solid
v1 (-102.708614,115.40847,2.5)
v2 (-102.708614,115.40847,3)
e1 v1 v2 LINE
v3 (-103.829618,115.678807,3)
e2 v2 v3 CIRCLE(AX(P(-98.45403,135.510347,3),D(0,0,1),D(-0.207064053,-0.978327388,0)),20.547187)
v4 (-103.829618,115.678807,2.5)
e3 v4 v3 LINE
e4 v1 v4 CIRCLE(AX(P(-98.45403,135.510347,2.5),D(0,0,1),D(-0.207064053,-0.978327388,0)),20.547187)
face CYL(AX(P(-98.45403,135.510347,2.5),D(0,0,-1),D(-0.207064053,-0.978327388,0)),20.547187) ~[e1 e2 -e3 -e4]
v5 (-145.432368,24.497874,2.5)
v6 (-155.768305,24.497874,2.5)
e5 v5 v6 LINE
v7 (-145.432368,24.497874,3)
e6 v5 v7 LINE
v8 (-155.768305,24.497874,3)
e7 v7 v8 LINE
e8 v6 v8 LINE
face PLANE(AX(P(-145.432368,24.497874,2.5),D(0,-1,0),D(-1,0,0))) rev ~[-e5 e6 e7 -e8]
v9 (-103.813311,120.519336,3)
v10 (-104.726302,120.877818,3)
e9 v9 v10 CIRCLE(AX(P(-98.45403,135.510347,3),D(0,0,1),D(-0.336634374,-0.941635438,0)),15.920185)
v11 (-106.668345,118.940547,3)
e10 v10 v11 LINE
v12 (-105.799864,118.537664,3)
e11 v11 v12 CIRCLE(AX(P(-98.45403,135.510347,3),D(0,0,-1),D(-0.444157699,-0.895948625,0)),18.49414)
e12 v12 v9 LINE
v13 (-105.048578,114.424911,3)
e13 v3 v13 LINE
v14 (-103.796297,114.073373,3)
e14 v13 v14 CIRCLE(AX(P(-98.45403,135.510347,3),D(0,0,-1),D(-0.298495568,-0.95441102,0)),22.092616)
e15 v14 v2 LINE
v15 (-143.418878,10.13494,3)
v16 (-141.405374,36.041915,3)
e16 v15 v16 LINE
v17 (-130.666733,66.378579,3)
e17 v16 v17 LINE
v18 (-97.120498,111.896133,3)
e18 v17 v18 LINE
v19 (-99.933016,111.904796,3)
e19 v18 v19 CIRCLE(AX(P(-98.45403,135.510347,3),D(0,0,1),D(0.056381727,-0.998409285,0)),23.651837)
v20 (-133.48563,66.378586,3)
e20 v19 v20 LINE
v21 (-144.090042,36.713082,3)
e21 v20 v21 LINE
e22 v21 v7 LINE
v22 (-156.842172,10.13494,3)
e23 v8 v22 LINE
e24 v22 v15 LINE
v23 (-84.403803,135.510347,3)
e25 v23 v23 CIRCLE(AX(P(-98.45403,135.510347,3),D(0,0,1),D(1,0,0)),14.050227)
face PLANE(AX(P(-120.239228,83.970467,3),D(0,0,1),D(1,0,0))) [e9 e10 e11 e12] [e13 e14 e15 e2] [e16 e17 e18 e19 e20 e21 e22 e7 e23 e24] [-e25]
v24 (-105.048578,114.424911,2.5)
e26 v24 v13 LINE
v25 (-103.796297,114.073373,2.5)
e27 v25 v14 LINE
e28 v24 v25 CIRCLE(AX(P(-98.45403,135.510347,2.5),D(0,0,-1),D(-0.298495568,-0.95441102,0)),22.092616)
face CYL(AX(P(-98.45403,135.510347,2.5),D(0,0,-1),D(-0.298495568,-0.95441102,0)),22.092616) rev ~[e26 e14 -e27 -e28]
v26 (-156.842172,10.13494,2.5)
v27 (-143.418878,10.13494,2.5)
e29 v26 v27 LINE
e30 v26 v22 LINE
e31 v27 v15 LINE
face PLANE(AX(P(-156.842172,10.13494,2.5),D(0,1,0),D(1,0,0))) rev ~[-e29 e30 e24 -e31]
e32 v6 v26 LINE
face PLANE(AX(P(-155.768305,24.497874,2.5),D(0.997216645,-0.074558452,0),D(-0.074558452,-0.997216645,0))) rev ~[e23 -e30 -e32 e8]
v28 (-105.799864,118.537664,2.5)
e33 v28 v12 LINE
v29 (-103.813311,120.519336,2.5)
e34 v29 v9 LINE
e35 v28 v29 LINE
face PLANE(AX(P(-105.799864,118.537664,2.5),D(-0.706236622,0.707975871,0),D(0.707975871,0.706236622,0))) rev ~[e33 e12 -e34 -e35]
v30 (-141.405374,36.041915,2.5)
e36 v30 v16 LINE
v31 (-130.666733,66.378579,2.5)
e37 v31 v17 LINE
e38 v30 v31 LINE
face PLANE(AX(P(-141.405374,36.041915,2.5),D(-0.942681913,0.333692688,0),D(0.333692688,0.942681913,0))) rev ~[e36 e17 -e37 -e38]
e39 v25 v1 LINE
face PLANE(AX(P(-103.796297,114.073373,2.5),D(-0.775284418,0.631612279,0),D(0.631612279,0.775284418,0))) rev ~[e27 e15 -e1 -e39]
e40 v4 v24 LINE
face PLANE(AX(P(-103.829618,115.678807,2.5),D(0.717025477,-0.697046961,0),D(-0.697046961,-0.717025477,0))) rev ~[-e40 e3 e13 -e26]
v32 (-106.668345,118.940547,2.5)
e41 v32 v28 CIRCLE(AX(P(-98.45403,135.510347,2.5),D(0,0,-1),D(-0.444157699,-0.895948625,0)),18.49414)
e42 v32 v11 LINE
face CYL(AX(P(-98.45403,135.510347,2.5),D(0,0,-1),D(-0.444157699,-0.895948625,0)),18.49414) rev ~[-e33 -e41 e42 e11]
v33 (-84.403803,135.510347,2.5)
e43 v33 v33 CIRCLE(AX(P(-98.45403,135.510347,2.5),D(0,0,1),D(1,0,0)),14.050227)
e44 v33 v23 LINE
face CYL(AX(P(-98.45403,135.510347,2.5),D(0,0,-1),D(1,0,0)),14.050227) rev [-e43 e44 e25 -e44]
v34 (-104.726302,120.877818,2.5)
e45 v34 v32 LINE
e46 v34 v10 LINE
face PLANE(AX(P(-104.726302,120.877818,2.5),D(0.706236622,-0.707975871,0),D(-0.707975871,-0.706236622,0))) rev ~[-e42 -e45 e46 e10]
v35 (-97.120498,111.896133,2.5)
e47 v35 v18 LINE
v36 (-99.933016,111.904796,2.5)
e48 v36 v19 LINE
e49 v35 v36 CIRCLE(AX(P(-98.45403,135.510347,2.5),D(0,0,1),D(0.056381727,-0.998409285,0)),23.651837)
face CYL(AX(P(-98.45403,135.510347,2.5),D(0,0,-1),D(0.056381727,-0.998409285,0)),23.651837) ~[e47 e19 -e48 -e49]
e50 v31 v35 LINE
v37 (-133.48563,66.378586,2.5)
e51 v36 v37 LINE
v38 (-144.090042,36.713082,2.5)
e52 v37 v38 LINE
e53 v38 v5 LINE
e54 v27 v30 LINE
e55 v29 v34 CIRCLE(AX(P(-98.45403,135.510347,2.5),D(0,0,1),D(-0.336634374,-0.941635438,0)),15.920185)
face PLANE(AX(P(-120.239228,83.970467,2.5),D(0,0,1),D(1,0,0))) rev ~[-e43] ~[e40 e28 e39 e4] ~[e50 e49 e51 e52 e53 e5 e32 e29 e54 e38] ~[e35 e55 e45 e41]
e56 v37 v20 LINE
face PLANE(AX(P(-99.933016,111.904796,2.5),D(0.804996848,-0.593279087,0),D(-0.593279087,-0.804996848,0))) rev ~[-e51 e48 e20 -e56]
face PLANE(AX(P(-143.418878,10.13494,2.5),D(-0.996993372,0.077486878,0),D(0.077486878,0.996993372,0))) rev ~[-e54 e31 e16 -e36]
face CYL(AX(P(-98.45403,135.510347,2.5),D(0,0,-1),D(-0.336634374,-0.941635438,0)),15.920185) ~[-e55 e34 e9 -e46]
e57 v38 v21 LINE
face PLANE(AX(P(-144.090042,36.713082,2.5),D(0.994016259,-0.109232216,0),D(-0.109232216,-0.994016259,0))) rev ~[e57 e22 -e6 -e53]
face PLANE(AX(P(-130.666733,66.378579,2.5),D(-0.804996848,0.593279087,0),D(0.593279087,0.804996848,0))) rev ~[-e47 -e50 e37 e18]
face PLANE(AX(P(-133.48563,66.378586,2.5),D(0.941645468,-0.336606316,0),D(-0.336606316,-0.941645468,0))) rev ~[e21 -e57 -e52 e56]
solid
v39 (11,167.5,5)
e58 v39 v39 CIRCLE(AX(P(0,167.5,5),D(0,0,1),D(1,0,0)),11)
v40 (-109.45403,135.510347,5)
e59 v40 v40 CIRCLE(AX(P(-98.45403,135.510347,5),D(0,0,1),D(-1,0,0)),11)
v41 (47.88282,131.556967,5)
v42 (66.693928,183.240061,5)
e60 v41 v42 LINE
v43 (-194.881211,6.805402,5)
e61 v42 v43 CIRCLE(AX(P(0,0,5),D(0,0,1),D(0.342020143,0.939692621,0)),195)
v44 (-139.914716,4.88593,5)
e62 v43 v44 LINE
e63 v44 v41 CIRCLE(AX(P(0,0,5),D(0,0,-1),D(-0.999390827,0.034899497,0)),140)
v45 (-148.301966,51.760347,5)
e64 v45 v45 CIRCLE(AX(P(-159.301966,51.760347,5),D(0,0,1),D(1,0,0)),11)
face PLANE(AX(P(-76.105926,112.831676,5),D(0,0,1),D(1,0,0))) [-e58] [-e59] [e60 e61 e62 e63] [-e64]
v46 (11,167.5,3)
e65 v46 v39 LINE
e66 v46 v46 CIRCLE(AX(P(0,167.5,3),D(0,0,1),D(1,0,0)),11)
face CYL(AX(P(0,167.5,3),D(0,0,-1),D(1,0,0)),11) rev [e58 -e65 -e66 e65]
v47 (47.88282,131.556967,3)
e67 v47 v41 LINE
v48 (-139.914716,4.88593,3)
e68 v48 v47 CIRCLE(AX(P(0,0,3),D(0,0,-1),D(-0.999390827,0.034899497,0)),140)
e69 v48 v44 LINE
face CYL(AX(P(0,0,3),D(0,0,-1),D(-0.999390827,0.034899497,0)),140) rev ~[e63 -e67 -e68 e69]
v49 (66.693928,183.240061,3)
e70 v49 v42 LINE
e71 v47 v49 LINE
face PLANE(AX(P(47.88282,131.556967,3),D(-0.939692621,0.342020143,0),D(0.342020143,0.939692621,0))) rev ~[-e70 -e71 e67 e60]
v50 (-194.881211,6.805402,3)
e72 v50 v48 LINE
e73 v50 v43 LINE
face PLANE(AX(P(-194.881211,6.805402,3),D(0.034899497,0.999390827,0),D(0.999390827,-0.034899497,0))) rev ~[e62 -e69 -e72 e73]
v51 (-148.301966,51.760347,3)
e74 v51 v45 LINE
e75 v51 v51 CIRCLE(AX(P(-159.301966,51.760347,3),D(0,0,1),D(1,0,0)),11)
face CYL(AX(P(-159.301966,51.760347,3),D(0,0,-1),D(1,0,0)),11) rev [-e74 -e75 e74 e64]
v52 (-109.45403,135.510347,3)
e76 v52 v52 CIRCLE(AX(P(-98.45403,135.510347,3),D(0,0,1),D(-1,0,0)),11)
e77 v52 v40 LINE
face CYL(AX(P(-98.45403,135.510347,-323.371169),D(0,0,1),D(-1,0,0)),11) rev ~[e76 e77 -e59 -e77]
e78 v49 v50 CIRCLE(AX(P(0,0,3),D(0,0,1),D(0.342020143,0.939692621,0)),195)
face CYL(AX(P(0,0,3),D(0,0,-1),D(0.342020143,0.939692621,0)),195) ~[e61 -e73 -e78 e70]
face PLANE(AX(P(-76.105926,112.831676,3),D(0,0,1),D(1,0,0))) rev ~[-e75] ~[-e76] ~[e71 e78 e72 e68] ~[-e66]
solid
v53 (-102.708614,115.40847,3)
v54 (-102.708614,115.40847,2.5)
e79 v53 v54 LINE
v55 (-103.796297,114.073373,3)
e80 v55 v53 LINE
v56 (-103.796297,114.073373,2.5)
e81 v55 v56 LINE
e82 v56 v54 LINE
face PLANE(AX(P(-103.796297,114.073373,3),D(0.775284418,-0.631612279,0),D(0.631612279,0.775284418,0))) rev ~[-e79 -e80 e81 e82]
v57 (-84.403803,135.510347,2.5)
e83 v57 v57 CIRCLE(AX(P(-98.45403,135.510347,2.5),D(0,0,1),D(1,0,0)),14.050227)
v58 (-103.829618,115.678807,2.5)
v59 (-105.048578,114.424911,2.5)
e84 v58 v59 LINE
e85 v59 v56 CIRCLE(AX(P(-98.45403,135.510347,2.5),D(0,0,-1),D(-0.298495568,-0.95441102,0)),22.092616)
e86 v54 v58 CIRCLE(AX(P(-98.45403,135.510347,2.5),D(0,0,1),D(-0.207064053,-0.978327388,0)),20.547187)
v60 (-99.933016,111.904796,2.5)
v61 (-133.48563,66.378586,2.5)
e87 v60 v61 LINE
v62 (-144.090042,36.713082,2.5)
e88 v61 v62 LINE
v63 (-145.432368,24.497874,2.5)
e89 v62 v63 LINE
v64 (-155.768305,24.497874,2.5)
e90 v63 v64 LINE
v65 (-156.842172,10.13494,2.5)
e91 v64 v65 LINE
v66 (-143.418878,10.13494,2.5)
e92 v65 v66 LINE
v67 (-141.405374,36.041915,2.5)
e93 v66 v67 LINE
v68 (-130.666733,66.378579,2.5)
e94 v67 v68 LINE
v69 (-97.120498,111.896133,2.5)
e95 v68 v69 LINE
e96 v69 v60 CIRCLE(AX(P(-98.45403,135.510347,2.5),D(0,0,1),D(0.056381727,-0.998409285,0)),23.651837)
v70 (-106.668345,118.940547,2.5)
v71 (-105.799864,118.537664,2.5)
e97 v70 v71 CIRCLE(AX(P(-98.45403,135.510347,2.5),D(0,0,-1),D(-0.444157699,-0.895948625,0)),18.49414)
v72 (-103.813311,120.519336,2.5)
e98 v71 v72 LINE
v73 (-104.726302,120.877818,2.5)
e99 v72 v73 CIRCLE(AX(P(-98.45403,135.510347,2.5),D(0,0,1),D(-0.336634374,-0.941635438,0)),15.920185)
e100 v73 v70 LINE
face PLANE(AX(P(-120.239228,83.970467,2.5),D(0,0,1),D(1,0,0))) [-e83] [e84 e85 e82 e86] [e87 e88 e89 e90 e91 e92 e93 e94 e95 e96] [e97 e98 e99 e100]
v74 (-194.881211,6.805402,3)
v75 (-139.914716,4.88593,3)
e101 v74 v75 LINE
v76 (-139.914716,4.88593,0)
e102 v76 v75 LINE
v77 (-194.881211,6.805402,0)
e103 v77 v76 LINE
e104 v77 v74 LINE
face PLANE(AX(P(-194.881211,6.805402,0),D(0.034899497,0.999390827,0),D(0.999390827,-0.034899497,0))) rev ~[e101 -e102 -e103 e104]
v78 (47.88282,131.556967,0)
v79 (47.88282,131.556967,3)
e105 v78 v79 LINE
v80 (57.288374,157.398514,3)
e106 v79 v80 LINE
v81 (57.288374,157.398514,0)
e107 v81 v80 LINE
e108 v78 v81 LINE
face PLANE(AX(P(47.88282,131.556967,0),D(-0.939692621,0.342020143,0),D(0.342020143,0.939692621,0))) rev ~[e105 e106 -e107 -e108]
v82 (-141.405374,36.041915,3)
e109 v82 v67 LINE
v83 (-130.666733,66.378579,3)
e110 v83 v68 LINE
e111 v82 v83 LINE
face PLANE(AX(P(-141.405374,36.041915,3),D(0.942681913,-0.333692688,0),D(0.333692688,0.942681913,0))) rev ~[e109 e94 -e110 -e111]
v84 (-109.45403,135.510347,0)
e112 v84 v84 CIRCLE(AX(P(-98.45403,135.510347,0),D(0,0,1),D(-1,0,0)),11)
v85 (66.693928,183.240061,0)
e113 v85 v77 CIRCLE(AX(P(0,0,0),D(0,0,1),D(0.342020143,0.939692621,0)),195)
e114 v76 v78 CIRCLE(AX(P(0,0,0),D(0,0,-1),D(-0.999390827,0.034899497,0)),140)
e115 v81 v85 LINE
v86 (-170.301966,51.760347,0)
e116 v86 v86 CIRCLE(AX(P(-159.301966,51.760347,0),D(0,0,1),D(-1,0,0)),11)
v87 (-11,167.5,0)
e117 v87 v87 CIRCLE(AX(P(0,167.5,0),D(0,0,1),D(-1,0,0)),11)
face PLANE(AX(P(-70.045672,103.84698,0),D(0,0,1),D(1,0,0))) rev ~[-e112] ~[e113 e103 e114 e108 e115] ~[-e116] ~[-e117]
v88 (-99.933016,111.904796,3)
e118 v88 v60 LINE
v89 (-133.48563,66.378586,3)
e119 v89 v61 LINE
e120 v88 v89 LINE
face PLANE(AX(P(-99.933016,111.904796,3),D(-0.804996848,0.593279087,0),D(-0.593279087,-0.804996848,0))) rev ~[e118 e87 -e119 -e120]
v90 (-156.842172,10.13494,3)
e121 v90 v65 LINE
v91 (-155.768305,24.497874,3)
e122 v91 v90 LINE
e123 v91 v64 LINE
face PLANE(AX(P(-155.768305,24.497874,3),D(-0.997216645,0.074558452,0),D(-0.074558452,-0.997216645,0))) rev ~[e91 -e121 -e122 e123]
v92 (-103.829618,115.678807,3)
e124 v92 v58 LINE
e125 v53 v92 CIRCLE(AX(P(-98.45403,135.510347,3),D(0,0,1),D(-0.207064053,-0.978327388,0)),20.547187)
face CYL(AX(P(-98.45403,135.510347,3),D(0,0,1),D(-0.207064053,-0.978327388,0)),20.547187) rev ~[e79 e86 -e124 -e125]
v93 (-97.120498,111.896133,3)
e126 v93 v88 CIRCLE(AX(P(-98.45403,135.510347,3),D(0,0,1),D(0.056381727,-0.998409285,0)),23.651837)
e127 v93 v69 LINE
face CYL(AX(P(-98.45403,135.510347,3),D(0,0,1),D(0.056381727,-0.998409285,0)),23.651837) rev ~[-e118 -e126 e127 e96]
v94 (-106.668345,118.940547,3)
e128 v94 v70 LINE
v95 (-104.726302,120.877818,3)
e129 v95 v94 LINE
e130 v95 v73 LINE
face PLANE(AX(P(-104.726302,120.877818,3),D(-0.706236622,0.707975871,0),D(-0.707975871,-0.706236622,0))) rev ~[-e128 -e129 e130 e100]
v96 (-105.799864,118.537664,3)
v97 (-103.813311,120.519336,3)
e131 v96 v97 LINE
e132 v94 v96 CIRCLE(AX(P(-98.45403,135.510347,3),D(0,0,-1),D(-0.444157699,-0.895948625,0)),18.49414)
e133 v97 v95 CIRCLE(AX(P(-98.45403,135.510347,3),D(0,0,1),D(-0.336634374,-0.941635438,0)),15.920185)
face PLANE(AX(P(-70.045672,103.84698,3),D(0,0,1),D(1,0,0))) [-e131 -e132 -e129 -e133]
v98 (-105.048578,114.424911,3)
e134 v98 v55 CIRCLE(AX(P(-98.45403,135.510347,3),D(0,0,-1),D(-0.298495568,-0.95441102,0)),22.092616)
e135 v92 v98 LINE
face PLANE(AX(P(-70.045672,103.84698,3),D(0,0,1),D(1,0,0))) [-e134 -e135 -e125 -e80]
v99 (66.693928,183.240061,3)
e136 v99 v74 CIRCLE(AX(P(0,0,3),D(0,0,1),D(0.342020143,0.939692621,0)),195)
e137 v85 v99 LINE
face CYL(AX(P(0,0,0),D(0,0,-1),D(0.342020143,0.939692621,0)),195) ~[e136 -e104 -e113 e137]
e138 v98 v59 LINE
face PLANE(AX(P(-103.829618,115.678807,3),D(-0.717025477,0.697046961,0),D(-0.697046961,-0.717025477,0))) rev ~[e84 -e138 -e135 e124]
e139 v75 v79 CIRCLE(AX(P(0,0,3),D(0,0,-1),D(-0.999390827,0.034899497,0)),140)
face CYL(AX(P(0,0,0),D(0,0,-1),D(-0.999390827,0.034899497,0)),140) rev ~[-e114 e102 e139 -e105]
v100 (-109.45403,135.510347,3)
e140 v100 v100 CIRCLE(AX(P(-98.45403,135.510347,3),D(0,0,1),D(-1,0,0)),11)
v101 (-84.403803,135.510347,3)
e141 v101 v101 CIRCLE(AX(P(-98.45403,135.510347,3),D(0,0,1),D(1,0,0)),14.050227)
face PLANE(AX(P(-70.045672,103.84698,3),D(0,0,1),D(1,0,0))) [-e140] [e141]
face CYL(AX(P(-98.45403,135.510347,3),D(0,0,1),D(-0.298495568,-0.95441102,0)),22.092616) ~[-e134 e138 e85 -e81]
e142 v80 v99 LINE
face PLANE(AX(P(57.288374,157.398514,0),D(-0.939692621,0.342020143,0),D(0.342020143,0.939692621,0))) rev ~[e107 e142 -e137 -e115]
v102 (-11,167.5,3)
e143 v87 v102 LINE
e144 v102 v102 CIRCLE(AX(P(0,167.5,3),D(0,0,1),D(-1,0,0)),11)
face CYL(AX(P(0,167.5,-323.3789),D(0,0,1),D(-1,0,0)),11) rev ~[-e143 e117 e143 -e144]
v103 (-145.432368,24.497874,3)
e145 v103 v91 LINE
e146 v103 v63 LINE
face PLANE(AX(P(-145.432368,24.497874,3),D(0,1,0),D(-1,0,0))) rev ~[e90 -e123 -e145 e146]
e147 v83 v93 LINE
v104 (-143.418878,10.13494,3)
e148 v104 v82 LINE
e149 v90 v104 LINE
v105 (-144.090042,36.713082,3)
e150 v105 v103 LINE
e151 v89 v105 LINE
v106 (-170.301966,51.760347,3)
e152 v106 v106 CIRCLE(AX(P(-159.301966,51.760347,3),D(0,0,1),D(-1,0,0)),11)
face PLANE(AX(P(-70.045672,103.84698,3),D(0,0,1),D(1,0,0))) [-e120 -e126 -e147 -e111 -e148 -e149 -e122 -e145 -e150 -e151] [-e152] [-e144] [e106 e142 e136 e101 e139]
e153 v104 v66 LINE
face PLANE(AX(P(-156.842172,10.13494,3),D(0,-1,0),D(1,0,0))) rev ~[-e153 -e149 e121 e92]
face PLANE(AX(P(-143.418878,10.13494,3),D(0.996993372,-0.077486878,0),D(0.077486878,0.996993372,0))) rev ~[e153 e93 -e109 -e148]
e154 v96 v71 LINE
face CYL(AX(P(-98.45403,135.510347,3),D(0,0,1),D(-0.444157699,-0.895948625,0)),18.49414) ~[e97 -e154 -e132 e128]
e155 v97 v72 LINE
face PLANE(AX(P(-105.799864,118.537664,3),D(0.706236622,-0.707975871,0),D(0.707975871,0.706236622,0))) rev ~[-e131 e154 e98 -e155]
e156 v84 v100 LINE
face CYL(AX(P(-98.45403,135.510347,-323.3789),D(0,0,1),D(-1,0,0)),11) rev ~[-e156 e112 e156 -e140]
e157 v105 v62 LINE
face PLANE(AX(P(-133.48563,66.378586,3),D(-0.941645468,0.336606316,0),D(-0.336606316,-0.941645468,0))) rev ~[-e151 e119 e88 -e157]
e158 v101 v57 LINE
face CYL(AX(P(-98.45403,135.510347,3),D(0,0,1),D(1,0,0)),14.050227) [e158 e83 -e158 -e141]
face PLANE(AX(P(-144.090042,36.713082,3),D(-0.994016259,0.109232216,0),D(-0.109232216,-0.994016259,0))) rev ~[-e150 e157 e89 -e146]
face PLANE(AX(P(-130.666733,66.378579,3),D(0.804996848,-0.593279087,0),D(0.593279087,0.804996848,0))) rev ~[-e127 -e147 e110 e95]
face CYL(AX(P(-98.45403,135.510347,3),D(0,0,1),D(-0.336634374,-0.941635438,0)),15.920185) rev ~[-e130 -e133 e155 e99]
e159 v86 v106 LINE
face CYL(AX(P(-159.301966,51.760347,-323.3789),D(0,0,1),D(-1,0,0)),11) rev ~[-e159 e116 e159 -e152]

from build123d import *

# Parameters (mm, degrees)
F1_DEPTH = 3
F2_D     = 22
F3_R     = 14.0502268528
F4_DEPTH = 0.5
F5_DEPTH = 0.5
F6_R     = 11
F7_DEPTH = 2
F8_D     = 22


with BuildPart() as f1:
    # F0 (on Top) → F1 (new body)
    with BuildSketch(Plane.XY):
        with BuildLine():
            Line((47.8828200656, 131.55696691), (57.288374007, 157.3985139816))
            ThreePointArc((57.288374007, 157.3985139816), (-93.6648113313, 138.863793403), (-167.3979635257, 5.8456656977))
            Line((-167.3979635257, 5.8456656977), (-139.9147157827, 4.8859295384))
            ThreePointArc((-139.9147157827, 4.8859295384), (-78.2870064859, 116.0652601577), (47.8828200656, 131.55696691))
        make_face()
        with BuildLine():
            Line((57.288374007, 157.3985139816), (66.6939279485, 183.2400610533))
            ThreePointArc((66.6939279485, 183.2400610533), (-109.0426161768, 161.6623266482), (-194.8812112687, 6.805401857))
            Line((-194.8812112687, 6.805401857), (-167.3979635257, 5.8456656977))
            ThreePointArc((-167.3979635257, 5.8456656977), (-93.6648113313, 138.863793403), (57.288374007, 157.3985139816))
        make_face()
    extrude(amount=F1_DEPTH)

    # F2 (through all)
    with Locations(Plane(origin=(0, 0, 0), x_dir=(1, 0, 0), z_dir=(0, 0, -1))):
        with Locations((0, -167.5), (-98.454029759, -135.5103465578), (-159.3019664794, -51.7603465578)):
            Hole(F2_D / 2)

    # F3 (on face) → F4 (cut)
    with BuildSketch(Plane.XY.offset(3)):
        with BuildLine():
            Line((-130.6667327881, 66.3785785437), (-97.1204983456, 111.8961327317))
            ThreePointArc((-97.1204983456, 111.8961327317), (-98.3811733807, 159.1620714971), (-99.9330161444, 111.9047963645))
            Line((-99.9330161444, 111.9047963645), (-133.4856301546, 66.3785859942))
            Line((-133.4856301546, 66.3785859942), (-144.0900415182, 36.7130823433))
            Line((-144.0900415182, 36.7130823433), (-145.4323679209, 24.4978740811))
            Line((-145.4323679209, 24.4978740811), (-155.7683050632, 24.4978740811))
            Line((-155.7683050632, 24.4978740811), (-156.8421721458, 10.1349400356))
            Line((-156.8421721458, 10.1349400356), (-143.4188783169, 10.1349400356))
            Line((-143.4188783169, 10.1349400356), (-141.4053738117, 36.0419154167))
            Line((-141.4053738117, 36.0419154167), (-130.6667327881, 66.3785785437))
        make_face()
        with BuildLine():
            Line((-103.796297282, 114.0733726617), (-102.7086136493, 115.4084704753))
            ThreePointArc((-102.7086136493, 115.4084704753), (-93.637046648, 155.4849198905), (-103.829618412, 115.6788072139))
            Line((-103.829618412, 115.6788072139), (-105.0485776566, 114.4249105857))
            ThreePointArc((-105.0485776566, 114.4249105857), (-92.4830344212, 156.7807693741), (-103.796297282, 114.0733726617))
        make_face(mode=Mode.SUBTRACT)
        with BuildLine():
            Line((-105.7998637189, 118.5376641197), (-103.8133112073, 120.5193363676))
            ThreePointArc((-103.8133112073, 120.5193363676), (-92.6354913449, 150.3291486311), (-104.7263022811, 120.8778183562))
            Line((-104.7263022811, 120.8778183562), (-106.6683445703, 118.9405469847))
            ThreePointArc((-106.6683445703, 118.9405469847), (-90.6713479528, 152.287208291), (-105.7998637189, 118.5376641197))
        make_face(mode=Mode.SUBTRACT)
        with Locations((-98.454029759, 135.5103465578)):
            Circle(F3_R, mode=Mode.SUBTRACT)
    extrude(amount=-F4_DEPTH, mode=Mode.SUBTRACT)


with BuildPart() as f5:
    # F5 (new): a face of the model
    f5_faces = [f1.part.faces().sort_by_distance(p)[0] for p in [
        (-137.6397122741, 51.7779138319, 2.5),
    ]]
    extrude(f5_faces, amount=F5_DEPTH)


with BuildPart() as f7:
    # F6 (on face) → F7 (new body)
    with BuildSketch(Plane.XY.offset(3)):
        with BuildLine():
            Line((-194.8812112687, 6.805401857), (-139.9147157827, 4.8859295384))
            ThreePointArc((-139.9147157827, 4.8859295384), (-78.2870064859, 116.0652601577), (47.8828200656, 131.55696691))
            Line((47.8828200656, 131.55696691), (66.6939279485, 183.2400610533))
            ThreePointArc((66.6939279485, 183.2400610533), (-109.0426161768, 161.6623266482), (-194.8812112687, 6.805401857))
        make_face()
        with Locations((-159.3019664794, 51.7603465578)):
            Circle(F6_R, mode=Mode.SUBTRACT)
        with BuildLine():
            Line((-97.1204983456, 111.8961327317), (-130.6667327881, 66.3785785437))
            Line((-130.6667327881, 66.3785785437), (-141.4053738117, 36.0419154167))
            Line((-141.4053738117, 36.0419154167), (-143.4188783169, 10.1349400356))
            Line((-143.4188783169, 10.1349400356), (-156.8421721458, 10.1349400356))
            Line((-156.8421721458, 10.1349400356), (-155.7683050632, 24.4978740811))
            Line((-155.7683050632, 24.4978740811), (-145.4323679209, 24.4978740811))
            Line((-145.4323679209, 24.4978740811), (-144.0900415182, 36.7130823433))
            Line((-144.0900415182, 36.7130823433), (-133.4856301546, 66.3785859942))
            Line((-133.4856301546, 66.3785859942), (-99.9330161444, 111.9047963645))
            ThreePointArc((-99.9330161444, 111.9047963645), (-98.3811733807, 159.1620714971), (-97.1204983456, 111.8961327317))
        make_face(mode=Mode.SUBTRACT)
        with Locations((0, 167.5)):
            Circle(F6_R, mode=Mode.SUBTRACT)
        with BuildLine():
            Line((-141.4053738117, 36.0419154167), (-130.6667327881, 66.3785785437))
            Line((-130.6667327881, 66.3785785437), (-97.1204983456, 111.8961327317))
            ThreePointArc((-97.1204983456, 111.8961327317), (-98.3811733807, 159.1620714971), (-99.9330161444, 111.9047963645))
            Line((-99.9330161444, 111.9047963645), (-133.4856301546, 66.3785859942))
            Line((-133.4856301546, 66.3785859942), (-144.0900415182, 36.7130823433))
            Line((-144.0900415182, 36.7130823433), (-145.4323679209, 24.4978740811))
            Line((-145.4323679209, 24.4978740811), (-155.7683050632, 24.4978740811))
            Line((-155.7683050632, 24.4978740811), (-156.8421721458, 10.1349400356))
            Line((-156.8421721458, 10.1349400356), (-143.4188783169, 10.1349400356))
            Line((-143.4188783169, 10.1349400356), (-141.4053738117, 36.0419154167))
        make_face()
    extrude(amount=F7_DEPTH)

    # F8 (through all)
    with Locations(Plane(origin=(0, 0, 0), x_dir=(1, 0, 0), z_dir=(0, 0, -1))):
        with Locations((-98.454029759, -135.5103465578)):
            Hole(F8_D / 2)


solid = Compound([f1.part, f5.part, f7.part])
